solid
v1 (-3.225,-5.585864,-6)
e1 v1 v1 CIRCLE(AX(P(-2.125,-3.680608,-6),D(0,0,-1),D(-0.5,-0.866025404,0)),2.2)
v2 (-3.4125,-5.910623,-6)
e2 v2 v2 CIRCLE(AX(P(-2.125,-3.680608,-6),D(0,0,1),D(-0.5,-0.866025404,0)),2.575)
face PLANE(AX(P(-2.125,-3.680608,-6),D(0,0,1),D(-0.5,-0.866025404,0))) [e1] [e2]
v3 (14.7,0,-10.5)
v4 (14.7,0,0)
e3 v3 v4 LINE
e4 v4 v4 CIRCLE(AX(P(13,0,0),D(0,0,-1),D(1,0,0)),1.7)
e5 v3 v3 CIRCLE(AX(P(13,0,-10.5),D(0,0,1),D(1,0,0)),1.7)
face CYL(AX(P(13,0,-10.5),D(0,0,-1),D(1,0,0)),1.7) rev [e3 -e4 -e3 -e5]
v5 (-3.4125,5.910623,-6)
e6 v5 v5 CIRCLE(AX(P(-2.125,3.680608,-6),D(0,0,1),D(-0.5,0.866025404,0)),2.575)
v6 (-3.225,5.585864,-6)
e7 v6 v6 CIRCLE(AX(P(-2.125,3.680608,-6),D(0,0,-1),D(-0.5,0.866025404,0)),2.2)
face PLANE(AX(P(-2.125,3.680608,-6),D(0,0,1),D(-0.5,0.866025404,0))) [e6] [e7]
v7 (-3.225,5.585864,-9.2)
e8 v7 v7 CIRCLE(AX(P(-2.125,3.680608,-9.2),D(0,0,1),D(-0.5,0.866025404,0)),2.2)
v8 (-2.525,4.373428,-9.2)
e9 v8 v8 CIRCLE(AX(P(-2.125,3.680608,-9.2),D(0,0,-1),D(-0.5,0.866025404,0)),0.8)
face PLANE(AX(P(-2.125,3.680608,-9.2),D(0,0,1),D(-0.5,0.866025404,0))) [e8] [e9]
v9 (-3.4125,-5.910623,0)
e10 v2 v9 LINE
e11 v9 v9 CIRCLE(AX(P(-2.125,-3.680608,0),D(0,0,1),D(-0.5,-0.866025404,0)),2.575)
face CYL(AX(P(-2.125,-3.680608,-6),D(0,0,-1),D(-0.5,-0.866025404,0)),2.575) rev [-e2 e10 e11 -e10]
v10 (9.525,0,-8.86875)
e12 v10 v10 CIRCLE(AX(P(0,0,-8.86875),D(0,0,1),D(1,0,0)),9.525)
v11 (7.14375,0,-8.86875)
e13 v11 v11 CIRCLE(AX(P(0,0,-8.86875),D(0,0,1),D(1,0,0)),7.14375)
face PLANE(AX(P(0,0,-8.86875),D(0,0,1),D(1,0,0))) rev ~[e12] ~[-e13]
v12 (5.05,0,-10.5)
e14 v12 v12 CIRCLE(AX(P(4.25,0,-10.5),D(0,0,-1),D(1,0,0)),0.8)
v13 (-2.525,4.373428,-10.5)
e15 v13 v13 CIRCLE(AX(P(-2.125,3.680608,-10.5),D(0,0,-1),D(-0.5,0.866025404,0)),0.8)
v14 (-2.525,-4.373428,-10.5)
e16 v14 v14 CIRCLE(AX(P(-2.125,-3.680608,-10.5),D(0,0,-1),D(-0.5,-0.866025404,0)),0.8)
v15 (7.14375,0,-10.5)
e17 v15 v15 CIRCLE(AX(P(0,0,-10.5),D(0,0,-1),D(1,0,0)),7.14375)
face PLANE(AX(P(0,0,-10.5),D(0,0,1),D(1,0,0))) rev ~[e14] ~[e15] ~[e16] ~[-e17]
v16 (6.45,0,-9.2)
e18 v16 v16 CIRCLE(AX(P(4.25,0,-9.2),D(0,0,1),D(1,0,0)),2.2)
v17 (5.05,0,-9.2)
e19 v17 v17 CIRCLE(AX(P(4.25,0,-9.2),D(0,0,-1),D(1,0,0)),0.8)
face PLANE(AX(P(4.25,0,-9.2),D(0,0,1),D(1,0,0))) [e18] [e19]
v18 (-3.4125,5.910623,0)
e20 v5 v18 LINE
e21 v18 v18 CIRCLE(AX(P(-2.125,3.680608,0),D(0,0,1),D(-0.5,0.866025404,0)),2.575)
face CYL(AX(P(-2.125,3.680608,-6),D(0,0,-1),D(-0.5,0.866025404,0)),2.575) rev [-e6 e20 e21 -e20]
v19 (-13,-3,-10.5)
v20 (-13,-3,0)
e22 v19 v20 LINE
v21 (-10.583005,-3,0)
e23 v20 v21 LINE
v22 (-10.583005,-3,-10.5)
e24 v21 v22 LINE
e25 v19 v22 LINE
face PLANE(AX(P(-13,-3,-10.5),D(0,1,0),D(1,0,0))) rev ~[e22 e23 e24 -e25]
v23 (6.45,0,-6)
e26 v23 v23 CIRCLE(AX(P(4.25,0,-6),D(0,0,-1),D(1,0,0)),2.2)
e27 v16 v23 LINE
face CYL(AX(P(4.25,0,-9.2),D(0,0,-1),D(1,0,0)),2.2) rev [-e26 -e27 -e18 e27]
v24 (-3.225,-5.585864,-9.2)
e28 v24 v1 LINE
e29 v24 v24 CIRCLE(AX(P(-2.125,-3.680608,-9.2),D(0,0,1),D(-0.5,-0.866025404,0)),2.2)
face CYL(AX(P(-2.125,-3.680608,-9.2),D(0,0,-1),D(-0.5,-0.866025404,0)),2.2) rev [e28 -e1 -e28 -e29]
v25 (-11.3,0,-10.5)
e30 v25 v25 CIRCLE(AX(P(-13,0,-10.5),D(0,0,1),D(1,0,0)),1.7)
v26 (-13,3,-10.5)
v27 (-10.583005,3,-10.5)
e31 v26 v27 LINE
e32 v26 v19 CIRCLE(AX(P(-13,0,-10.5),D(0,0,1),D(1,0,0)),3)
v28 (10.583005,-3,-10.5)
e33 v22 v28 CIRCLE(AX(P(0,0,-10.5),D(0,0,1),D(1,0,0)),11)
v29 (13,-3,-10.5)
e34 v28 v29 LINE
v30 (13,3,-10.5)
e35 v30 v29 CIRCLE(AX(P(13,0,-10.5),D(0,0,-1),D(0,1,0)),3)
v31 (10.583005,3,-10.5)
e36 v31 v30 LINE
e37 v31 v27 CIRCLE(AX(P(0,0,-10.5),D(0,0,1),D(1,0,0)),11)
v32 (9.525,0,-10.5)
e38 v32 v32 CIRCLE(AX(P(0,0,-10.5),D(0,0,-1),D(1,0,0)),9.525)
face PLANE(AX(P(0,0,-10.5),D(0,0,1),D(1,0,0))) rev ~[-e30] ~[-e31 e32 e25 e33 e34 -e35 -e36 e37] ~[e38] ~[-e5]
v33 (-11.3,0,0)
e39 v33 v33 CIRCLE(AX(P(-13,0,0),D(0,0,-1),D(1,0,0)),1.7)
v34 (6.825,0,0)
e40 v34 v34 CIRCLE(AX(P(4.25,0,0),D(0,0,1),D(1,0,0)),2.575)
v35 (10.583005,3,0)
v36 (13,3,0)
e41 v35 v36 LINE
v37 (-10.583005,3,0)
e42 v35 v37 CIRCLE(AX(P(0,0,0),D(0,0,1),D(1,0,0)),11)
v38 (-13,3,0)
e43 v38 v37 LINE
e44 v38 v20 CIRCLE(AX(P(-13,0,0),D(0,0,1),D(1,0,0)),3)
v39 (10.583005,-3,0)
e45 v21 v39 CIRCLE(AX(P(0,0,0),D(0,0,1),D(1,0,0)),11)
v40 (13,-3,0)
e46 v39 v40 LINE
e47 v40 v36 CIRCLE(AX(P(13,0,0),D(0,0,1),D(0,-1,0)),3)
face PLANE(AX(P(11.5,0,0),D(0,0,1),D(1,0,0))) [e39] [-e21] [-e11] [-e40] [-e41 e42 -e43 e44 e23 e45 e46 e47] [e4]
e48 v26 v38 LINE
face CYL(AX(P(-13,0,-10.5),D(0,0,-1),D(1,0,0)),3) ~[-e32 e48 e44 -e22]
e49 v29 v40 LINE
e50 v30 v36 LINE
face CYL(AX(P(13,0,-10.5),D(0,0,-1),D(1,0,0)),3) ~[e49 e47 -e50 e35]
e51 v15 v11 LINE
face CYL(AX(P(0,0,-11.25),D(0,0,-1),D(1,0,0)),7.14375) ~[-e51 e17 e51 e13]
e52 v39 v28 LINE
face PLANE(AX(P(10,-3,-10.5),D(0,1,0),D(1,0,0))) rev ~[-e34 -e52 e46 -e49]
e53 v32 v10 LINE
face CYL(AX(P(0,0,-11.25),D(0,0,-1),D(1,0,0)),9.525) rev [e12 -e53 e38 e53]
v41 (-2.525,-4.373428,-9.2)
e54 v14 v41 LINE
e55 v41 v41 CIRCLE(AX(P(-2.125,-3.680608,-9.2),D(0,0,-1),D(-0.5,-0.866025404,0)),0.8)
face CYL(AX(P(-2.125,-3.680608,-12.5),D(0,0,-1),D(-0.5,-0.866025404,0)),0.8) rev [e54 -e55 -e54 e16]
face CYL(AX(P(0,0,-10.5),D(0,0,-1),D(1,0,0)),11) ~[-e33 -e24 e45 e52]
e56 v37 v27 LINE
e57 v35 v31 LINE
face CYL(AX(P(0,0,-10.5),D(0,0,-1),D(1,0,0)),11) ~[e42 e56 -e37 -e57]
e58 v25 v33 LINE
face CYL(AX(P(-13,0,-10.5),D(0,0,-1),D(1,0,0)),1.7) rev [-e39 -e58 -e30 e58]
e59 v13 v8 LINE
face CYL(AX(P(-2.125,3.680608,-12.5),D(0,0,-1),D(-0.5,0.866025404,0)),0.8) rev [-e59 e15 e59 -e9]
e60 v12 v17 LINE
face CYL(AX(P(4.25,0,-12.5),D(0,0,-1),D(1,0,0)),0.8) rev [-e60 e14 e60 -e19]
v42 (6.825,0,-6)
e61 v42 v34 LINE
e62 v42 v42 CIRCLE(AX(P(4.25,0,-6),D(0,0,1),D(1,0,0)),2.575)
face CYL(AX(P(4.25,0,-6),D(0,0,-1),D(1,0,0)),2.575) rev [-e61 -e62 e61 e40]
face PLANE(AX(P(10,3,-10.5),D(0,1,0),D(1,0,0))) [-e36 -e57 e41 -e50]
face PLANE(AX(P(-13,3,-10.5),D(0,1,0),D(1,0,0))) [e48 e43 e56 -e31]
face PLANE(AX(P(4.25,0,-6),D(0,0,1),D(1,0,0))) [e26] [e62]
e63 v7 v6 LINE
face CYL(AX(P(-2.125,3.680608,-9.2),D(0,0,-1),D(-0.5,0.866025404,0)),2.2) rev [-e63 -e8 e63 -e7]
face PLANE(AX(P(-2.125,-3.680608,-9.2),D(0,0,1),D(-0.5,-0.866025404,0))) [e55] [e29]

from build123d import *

# Parameters (mm, degrees)
CYLINDER171_R     = 1.7
CYLINDER171_DEPTH = 11
CYLINDER173_R     = 7.14375
CYLINDER173_DEPTH = 2.38125
CYLINDER170_R     = 9.525
CYLINDER170_DEPTH = 2.38125
CYLINDER177_R     = 2.2
CYLINDER177_DEPTH = 9
CYLINDER176_R     = 0.8
CYLINDER176_DEPTH = 5
CYLINDER172_R     = 2.575
CYLINDER172_DEPTH = 6
ARRAY002_COUNT    = 3
CYLINDER175_R     = 1.7
CYLINDER175_DEPTH = 11
BOX004_W          = 3
BOX004_H          = 6
BOX004_DEPTH      = 10.5
BOX005_W          = 3
BOX005_H          = 6
BOX005_DEPTH      = 10.5
CYLINDER178_R     = 3
CYLINDER178_DEPTH = 10.5
CYLINDER174_R     = 11
CYLINDER174_DEPTH = 10.5
CYLINDER179_R     = 3
CYLINDER179_DEPTH = 10.5


with BuildPart() as wirefeedsmount005:
    # Cylinder171 → Cylinder171 (new body)
    with BuildSketch(Plane(origin=(-13, 0, 0), x_dir=(1, 0, 0), z_dir=(0, 0, 1))):
        Circle(CYLINDER171_R)
    extrude(amount=CYLINDER171_DEPTH)


with BuildPart() as cylinder013:
    # Cylinder173 → Cylinder173 (new body)
    with BuildSketch(Plane.XY):
        Circle(CYLINDER173_R)
    extrude(amount=CYLINDER173_DEPTH)


with BuildPart() as oring002:
    # Cylinder170 → Cylinder170 (new body)
    with BuildSketch(Plane.XY):
        Circle(CYLINDER170_R)
    extrude(amount=CYLINDER170_DEPTH)

    # Cut024: cut Cylinder013
    add(cylinder013.part, mode=Mode.SUBTRACT)


with BuildPart() as oring002_1:
    # Cut024 placement: moved
    add(oring002.part.moved(Location((0, 0, -0.75))))


with BuildPart() as sealsubtraction002:
    # Cylinder177 → Cylinder177 (new body)
    with BuildSketch(Plane.XY.offset(1.3)):
        Circle(CYLINDER177_R)
    extrude(amount=CYLINDER177_DEPTH)


with BuildPart() as bottomwireoutlet002:
    # Cylinder176 → Cylinder176 (new body)
    with BuildSketch(Plane.XY.offset(-2)):
        Circle(CYLINDER176_R)
    extrude(amount=CYLINDER176_DEPTH)


with BuildPart() as sealarray002:
    # Cylinder172 → Cylinder172 (new body)
    with BuildSketch(Plane.XY.offset(4.5)):
        Circle(CYLINDER172_R)
    extrude(amount=CYLINDER172_DEPTH)

    # Fusion007: union SealSubtraction002, BottomWireOutlet002
    add(sealsubtraction002.part)
    add(bottomwireoutlet002.part)


with BuildPart() as sealarray002_1:
    # Fusion007 placement: moved
    add(sealarray002.part.moved(Location((4.25, 0, 0))))

    # Array002: SealArray002 ×3 about axis
    array002_axis = Axis((0, 0, 0), (0, 0, 1))


with BuildPart() as sealarray002_2:
    add(sealarray002_1.part)
    for i in range(1, ARRAY002_COUNT):
        add(sealarray002_1.part.rotate(array002_axis, i * 360 / ARRAY002_COUNT))


with BuildPart() as fusion008:
    # Cylinder175 → Cylinder175 (new body)
    with BuildSketch(Plane(origin=(13, 0, 0), x_dir=(1, 0, 0), z_dir=(0, 0, 1))):
        Circle(CYLINDER175_R)
    extrude(amount=CYLINDER175_DEPTH)

    # Fusion008: union WireFeedsMount005, Oring002, SealArray002
    add(wirefeedsmount005.part)
    add(oring002_1.part)
    add(sealarray002_2.part)


with BuildPart() as mountcube005:
    # Box004 → Box004 (new body)
    with BuildSketch(Plane(origin=(10, -3, 0), x_dir=(1, 0, 0), z_dir=(0, 0, 1))):
        with Locations((1.5, 3)):
            Rectangle(BOX004_W, BOX004_H)
    extrude(amount=BOX004_DEPTH)


with BuildPart() as mountcube006:
    # Box005 → Box005 (new body)
    with BuildSketch(Plane(origin=(-13, -3, 0), x_dir=(1, 0, 0), z_dir=(0, 0, 1))):
        with Locations((1.5, 3)):
            Rectangle(BOX005_W, BOX005_H)
    extrude(amount=BOX005_DEPTH)


with BuildPart() as mountflange005:
    # Cylinder178 → Cylinder178 (new body)
    with BuildSketch(Plane(origin=(-13, 0, 0), x_dir=(1, 0, 0), z_dir=(0, 0, 1))):
        Circle(CYLINDER178_R)
    extrude(amount=CYLINDER178_DEPTH)


with BuildPart() as body002:
    # Cylinder174 → Cylinder174 (new body)
    with BuildSketch(Plane.XY):
        Circle(CYLINDER174_R)
    extrude(amount=CYLINDER174_DEPTH)


with BuildPart() as cut023:
    # Cylinder179 → Cylinder179 (new body)
    with BuildSketch(Plane(origin=(13, 0, 0), x_dir=(1, 0, 0), z_dir=(0, 0, 1))):
        Circle(CYLINDER179_R)
    extrude(amount=CYLINDER179_DEPTH)

    # Fusion006: union MountCube005, MountCube006, MountFlange005, Body002
    add(mountcube005.part)
    add(mountcube006.part)
    add(mountflange005.part)
    add(body002.part)

    # Cut023: cut Fusion008
    add(fusion008.part, mode=Mode.SUBTRACT)


with BuildPart() as cut023_1:
    # Cut023 placement: moved
    add(cut023.part.moved(Location((0, 0, -10.5))))


solid = cut023_1.part
